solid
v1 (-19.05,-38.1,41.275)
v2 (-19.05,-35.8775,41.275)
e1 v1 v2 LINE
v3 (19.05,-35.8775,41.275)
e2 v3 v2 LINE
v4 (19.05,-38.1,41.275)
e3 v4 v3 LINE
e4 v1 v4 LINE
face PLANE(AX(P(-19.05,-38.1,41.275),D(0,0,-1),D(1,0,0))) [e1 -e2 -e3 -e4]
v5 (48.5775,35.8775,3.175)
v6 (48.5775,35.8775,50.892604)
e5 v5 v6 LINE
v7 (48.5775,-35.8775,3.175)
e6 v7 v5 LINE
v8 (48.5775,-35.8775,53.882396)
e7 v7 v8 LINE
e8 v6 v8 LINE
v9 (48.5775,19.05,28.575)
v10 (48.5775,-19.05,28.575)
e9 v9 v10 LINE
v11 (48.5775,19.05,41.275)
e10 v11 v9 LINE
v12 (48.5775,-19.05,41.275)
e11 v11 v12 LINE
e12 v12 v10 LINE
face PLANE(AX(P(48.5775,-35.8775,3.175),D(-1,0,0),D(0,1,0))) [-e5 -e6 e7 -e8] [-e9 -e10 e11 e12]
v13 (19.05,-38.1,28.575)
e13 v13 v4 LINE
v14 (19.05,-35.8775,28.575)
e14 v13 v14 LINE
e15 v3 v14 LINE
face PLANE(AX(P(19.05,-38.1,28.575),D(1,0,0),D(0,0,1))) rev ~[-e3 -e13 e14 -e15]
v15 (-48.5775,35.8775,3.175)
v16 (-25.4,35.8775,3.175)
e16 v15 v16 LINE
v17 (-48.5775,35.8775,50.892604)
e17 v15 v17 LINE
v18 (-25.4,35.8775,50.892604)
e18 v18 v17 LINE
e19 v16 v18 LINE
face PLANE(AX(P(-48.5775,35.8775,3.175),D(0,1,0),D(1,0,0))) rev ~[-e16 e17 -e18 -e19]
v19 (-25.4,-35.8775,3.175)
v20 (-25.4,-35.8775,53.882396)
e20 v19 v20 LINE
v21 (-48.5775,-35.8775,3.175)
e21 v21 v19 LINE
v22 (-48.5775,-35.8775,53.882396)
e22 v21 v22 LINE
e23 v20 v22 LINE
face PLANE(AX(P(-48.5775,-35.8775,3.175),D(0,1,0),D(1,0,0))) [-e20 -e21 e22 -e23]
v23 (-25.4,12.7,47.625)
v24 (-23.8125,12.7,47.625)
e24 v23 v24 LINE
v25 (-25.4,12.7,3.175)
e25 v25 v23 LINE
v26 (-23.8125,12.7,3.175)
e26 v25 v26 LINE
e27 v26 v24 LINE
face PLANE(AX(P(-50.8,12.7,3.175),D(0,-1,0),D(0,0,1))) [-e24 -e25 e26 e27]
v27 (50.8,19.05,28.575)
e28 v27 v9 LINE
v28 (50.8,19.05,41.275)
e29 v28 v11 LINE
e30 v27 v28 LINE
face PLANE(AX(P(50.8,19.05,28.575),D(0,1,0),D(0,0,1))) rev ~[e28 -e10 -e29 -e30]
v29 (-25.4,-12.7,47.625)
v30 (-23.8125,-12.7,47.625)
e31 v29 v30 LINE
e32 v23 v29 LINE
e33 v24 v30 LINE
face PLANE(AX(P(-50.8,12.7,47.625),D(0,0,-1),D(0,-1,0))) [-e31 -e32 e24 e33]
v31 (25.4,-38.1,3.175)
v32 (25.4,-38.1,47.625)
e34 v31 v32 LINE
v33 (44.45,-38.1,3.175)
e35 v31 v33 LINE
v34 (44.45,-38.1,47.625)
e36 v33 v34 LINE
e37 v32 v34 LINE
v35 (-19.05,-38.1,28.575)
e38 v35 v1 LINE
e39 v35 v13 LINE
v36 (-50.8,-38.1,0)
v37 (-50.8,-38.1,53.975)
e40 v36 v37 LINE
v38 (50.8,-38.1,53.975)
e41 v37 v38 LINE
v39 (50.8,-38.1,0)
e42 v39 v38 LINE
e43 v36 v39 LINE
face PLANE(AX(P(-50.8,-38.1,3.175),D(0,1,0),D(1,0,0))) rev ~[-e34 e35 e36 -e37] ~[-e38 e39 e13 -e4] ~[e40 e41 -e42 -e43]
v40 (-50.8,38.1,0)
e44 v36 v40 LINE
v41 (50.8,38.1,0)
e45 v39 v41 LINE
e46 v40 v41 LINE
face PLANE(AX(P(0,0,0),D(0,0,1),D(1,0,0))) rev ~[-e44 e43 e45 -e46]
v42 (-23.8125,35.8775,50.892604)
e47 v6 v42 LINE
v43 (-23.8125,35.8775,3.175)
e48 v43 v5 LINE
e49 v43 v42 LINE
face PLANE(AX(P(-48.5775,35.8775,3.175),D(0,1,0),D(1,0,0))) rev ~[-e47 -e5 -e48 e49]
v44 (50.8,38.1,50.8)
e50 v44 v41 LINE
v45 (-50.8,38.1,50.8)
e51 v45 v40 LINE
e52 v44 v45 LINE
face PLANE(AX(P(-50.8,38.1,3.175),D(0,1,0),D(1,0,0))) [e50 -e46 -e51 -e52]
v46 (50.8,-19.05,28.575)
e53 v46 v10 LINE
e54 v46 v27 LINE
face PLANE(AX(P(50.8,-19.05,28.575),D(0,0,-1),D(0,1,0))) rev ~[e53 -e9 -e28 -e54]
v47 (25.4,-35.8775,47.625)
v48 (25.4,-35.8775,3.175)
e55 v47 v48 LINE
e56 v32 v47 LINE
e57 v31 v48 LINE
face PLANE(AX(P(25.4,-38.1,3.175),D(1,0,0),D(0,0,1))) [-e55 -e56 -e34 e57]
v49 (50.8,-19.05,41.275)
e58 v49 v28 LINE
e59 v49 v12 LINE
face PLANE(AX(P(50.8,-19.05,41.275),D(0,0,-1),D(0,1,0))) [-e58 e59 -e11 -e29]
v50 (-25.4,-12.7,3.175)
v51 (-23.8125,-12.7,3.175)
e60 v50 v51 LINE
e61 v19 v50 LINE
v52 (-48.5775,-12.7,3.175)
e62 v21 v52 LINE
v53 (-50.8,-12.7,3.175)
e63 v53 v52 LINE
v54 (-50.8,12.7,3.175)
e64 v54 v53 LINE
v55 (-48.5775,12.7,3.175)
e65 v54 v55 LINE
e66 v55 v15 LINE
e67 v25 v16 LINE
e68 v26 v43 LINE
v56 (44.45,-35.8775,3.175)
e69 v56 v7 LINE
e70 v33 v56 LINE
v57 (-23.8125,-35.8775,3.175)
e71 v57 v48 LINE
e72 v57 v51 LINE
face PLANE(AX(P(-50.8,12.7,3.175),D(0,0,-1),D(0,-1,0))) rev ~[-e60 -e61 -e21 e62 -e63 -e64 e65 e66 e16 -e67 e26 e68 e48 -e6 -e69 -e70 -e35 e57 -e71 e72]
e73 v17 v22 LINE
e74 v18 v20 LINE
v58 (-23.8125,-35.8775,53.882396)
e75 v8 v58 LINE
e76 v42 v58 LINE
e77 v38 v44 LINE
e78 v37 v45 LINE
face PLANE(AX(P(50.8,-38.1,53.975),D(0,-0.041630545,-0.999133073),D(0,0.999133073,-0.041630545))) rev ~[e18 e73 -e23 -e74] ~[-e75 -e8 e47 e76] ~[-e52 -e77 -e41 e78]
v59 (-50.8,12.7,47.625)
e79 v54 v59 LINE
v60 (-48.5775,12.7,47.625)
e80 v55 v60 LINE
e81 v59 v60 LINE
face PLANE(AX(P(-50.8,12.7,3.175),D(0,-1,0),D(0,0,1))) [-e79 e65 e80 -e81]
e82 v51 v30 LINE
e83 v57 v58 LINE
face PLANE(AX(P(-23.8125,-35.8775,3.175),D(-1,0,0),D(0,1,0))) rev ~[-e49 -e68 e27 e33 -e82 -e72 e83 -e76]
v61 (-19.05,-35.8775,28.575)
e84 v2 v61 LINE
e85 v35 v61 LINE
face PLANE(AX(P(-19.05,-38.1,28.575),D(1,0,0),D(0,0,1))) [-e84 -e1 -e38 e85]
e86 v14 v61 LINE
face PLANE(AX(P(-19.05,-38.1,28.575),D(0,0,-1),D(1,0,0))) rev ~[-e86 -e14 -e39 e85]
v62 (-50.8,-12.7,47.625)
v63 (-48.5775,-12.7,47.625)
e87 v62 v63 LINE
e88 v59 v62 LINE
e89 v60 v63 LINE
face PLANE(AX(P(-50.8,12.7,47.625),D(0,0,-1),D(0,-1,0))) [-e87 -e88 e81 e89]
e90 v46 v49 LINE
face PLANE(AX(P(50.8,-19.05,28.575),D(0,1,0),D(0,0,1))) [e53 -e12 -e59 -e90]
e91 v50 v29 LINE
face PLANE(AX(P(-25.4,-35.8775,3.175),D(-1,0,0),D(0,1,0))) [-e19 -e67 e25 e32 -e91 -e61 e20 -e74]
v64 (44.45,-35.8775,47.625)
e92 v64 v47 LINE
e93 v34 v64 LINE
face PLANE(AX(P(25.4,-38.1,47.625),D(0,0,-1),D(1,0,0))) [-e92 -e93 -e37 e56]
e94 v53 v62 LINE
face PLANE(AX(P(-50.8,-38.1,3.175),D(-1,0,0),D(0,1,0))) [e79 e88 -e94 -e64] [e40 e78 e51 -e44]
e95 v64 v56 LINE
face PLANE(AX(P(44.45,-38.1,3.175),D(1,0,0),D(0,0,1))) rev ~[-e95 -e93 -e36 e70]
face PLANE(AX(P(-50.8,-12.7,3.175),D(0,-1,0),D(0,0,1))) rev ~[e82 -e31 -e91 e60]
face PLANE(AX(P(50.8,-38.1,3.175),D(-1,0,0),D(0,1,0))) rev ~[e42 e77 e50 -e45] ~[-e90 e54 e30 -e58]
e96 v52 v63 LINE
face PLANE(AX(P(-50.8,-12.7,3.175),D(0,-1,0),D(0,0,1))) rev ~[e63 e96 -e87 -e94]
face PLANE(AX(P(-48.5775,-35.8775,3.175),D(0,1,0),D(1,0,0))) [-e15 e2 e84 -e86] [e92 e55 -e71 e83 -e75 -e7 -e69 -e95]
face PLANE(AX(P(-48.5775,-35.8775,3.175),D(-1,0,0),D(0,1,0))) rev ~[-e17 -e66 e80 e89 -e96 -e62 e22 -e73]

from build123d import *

# Parameters (mm, degrees)
F0_W      = 101.6
F0_H      = 76.2
F1_DEPTH  = 3.175
F2_W      = 101.6
F2_H      = 76.2
F2_W_2    = 97.155
F2_H_2    = 71.755
F3_DEPTH  = 50.8
F4_W      = 1.5875
F4_H      = 71.755
F5_DEPTH  = 50.8
F6_W      = 19.05
F6_H      = 44.45
F6_W_2    = 38.1
F6_H_2    = 12.7
F7_DEPTH  = 25.4
F8_W      = 38.1
F8_H      = 12.7
F9_DEPTH  = 25.4
F11_DEPTH = 101.6
F12_W     = 25.4
F12_H     = 44.45
F13_DEPTH = 76.2


with BuildPart() as f1:
    # F0 (on Top) → F1 (new body)
    with BuildSketch(Plane.XY):
        Rectangle(F0_W, F0_H)
    extrude(amount=F1_DEPTH)

    # F2 (on face) → F3 (join)
    with BuildSketch(Plane.XY.offset(3.175)):
        Rectangle(F2_W, F2_H)
        Rectangle(F2_W_2, F2_H_2, mode=Mode.SUBTRACT)
    extrude(amount=F3_DEPTH)

    # F4 (on face) → F5 (join)
    with BuildSketch(Plane.XY.offset(3.175)):
        with Locations((-24.60625, 0)):
            Rectangle(F4_W, F4_H)
    extrude(amount=F5_DEPTH)

    # F6 (on face) → F7 (cut)
    with BuildSketch(Plane.XZ.offset(38.1)):
        with Locations((34.925, 25.4)):
            Rectangle(F6_W, F6_H)
        with Locations((0, 34.925)):
            Rectangle(F6_W_2, F6_H_2)
    extrude(amount=-F7_DEPTH, mode=Mode.SUBTRACT)

    # F8 (on face) → F9 (cut)
    with BuildSketch(Plane.YZ.offset(50.8)):
        with Locations((0, 34.925)):
            Rectangle(F8_W, F8_H)
    extrude(amount=-F9_DEPTH, mode=Mode.SUBTRACT)

    # F10 (on face) → F11 (cut, through all)
    with BuildSketch(Plane.YZ.offset(50.8)):
        Polygon((38.1, 53.975), (-38.1, 53.975), (38.1, 50.8), align=None)
    extrude(amount=-F11_DEPTH, mode=Mode.SUBTRACT)

    # F12 (on face) → F13 (cut)
    with BuildSketch(Plane(origin=(-50.8, 0, 0), x_dir=(0, -1, 0), z_dir=(-1, 0, 0))):
        with Locations((0, 25.4)):
            Rectangle(F12_W, F12_H)
    extrude(amount=-F13_DEPTH, mode=Mode.SUBTRACT)


solid = f1.part
